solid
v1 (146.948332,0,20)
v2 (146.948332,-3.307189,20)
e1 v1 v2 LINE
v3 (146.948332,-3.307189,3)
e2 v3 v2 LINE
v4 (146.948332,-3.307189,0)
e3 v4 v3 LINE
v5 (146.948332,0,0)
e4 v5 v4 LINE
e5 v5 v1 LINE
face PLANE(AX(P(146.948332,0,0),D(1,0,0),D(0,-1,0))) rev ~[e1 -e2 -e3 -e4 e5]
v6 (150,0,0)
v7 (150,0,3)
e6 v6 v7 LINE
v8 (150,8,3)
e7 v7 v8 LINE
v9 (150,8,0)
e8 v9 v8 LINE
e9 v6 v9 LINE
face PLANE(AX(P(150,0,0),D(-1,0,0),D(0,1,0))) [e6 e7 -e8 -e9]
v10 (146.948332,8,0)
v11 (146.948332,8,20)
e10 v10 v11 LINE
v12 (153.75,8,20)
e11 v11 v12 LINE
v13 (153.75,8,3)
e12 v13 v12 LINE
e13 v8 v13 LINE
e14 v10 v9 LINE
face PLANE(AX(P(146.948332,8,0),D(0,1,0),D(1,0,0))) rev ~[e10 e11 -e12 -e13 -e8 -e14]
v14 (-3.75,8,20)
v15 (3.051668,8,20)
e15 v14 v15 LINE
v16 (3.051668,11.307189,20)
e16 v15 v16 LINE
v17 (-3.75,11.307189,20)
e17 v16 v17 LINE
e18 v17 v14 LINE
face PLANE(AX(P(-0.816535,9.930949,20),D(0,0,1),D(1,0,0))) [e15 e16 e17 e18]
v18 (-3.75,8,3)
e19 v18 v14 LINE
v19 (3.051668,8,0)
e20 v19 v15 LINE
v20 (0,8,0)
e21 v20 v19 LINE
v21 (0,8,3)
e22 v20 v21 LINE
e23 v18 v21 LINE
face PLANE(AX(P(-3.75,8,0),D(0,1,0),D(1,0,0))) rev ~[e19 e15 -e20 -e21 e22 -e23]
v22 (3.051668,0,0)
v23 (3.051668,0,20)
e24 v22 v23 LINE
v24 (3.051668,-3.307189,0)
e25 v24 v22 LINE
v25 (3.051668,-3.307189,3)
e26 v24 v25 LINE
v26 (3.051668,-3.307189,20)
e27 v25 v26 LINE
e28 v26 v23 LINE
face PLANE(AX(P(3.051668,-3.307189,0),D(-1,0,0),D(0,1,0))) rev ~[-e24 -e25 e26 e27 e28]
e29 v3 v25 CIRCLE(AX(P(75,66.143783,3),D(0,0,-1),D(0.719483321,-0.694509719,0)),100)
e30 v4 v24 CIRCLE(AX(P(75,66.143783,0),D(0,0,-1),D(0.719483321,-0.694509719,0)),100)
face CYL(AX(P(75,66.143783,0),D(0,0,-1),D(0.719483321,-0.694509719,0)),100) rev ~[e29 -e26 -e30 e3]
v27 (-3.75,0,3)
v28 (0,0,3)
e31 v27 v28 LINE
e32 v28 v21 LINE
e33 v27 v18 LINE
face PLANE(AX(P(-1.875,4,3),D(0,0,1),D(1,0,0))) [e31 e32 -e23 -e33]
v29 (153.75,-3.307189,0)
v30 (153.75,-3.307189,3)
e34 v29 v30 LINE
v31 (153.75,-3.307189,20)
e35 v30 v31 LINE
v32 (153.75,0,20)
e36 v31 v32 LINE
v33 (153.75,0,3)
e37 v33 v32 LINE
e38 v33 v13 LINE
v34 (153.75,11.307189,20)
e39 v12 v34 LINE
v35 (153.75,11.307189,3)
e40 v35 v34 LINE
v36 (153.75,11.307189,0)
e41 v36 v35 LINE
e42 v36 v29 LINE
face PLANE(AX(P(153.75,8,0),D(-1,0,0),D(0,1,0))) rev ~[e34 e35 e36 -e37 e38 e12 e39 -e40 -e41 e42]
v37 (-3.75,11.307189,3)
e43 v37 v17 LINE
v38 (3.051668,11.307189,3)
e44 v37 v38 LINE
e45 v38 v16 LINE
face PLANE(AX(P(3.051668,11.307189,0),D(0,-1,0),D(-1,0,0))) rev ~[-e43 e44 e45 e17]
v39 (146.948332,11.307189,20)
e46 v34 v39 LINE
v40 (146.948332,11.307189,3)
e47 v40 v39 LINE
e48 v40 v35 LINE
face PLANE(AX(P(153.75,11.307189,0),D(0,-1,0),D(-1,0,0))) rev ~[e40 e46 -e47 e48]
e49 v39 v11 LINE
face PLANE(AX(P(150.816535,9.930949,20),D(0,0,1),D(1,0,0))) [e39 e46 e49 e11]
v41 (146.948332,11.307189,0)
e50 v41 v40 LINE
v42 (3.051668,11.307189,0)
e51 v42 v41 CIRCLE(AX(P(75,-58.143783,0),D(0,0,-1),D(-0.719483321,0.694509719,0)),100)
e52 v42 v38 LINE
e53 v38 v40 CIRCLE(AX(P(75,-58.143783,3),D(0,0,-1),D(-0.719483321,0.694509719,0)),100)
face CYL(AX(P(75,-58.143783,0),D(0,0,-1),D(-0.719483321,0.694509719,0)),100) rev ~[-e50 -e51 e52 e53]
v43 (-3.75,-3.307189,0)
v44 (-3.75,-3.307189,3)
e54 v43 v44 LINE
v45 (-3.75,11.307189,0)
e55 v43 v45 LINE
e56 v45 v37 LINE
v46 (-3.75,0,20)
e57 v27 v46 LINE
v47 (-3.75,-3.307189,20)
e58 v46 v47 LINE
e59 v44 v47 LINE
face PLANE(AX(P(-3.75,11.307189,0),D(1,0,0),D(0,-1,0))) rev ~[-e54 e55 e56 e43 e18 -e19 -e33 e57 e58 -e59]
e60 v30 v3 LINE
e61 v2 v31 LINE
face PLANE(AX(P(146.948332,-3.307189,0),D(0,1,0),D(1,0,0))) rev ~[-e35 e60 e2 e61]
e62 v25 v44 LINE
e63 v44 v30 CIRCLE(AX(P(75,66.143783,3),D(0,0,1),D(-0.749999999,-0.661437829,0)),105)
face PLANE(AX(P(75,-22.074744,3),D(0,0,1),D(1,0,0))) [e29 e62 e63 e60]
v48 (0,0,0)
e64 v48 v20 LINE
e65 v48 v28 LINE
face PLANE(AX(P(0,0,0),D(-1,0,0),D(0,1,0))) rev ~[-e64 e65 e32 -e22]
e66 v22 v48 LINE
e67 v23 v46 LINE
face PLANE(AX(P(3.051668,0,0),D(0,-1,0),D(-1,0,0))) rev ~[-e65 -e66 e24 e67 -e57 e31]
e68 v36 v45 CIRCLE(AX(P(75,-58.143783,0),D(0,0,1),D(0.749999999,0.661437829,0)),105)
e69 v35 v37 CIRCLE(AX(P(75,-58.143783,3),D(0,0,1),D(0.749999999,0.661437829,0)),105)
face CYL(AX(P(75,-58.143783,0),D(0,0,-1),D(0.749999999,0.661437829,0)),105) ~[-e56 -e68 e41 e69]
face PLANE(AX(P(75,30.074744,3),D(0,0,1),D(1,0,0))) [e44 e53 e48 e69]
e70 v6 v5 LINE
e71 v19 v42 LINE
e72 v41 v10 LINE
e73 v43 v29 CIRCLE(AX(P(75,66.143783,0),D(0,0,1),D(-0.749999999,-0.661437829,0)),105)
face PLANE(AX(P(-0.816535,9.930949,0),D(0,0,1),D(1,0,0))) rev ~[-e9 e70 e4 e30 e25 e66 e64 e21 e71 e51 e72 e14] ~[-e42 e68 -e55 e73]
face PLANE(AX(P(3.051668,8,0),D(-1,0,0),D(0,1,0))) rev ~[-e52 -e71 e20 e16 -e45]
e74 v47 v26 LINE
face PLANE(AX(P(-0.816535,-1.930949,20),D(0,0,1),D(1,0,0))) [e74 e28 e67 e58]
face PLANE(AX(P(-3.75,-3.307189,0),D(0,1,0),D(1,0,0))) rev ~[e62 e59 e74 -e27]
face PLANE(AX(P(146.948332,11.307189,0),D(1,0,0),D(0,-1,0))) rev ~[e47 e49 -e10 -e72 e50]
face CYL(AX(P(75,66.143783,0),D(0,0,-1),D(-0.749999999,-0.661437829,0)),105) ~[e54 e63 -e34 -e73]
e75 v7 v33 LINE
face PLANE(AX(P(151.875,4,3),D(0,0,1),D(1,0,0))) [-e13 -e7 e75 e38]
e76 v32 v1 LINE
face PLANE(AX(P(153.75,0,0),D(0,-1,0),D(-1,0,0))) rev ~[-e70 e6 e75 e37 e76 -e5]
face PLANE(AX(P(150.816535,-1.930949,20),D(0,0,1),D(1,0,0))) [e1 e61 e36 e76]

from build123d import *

# Parameters (mm, degrees)
F0_W     = 3.75
F0_H     = 8
F1_DEPTH = 3
F2_DEPTH = 20


with BuildPart() as f1:
    # F0 (on Top) → F1 (new body)
    with BuildSketch(Plane.XY):
        with BuildLine():
            Line((-3.75, 11.307189), (3.051668, 11.307189))
            ThreePointArc((3.051668, 11.307189), (75, 41.856217), (146.948332, 11.307189))
            Line((146.948332, 11.307189), (153.75, 11.307189))
            ThreePointArc((153.75, 11.307189), (75, 46.856217), (-3.75, 11.307189))
        make_face()
        with BuildLine():
            ThreePointArc((146.948332, -3.307189), (75, -33.856217), (3.051668, -3.307189))
            Line((3.051668, -3.307189), (-3.75, -3.307189))
            ThreePointArc((-3.75, -3.307189), (75, -38.856217), (153.75, -3.307189))
            Line((153.75, -3.307189), (146.948332, -3.307189))
        make_face()
        with Locations((151.875, 4)):
            Rectangle(F0_W, F0_H)
        with Locations((-1.875, 4)):
            Rectangle(F0_W, F0_H)
    extrude(amount=F1_DEPTH)

    # F0 (on Top) → F2 (join)
    with BuildSketch(Plane.XY):
        with BuildLine():
            Line((-3.75, 8), (0, 8))
            ThreePointArc((0, 8), (1.507229, 9.670762), (3.051668, 11.307189))
            Line((3.051668, 11.307189), (-3.75, 11.307189))
            Line((-3.75, 11.307189), (-3.75, 8))
        make_face()
        with BuildLine():
            ThreePointArc((3.051668, 11.307189), (1.507229, 9.670762), (0, 8))
            Line((0, 8), (3.051668, 8))
            Line((3.051668, 8), (3.051668, 11.307189))
        make_face()
        with BuildLine():
            ThreePointArc((3.051668, -3.307189), (1.507229, -1.670762), (0, 0))
            Line((0, 0), (-3.75, 0))
            Line((-3.75, 0), (-3.75, -3.307189))
            Line((-3.75, -3.307189), (3.051668, -3.307189))
        make_face()
        with BuildLine():
            Line((3.051668, 0), (0, 0))
            ThreePointArc((0, 0), (1.507229, -1.670762), (3.051668, -3.307189))
            Line((3.051668, -3.307189), (3.051668, 0))
        make_face()
        with BuildLine():
            Line((153.75, 11.307189), (146.948332, 11.307189))
            ThreePointArc((146.948332, 11.307189), (148.492771, 9.670762), (150, 8))
            Line((150, 8), (153.75, 8))
            Line((153.75, 8), (153.75, 11.307189))
        make_face()
        with BuildLine():
            ThreePointArc((150, 8), (148.492771, 9.670762), (146.948332, 11.307189))
            Line((146.948332, 11.307189), (146.948332, 8))
            Line((146.948332, 8), (150, 8))
        make_face()
        with BuildLine():
            ThreePointArc((150, 0), (148.492771, -1.670762), (146.948332, -3.307189))
            Line((146.948332, -3.307189), (153.75, -3.307189))
            Line((153.75, -3.307189), (153.75, 0))
            Line((153.75, 0), (150, 0))
        make_face()
        with BuildLine():
            Line((146.948332, 0), (146.948332, -3.307189))
            ThreePointArc((146.948332, -3.307189), (148.492771, -1.670762), (150, 0))
            Line((150, 0), (146.948332, 0))
        make_face()
    extrude(amount=F2_DEPTH)


solid = f1.part
